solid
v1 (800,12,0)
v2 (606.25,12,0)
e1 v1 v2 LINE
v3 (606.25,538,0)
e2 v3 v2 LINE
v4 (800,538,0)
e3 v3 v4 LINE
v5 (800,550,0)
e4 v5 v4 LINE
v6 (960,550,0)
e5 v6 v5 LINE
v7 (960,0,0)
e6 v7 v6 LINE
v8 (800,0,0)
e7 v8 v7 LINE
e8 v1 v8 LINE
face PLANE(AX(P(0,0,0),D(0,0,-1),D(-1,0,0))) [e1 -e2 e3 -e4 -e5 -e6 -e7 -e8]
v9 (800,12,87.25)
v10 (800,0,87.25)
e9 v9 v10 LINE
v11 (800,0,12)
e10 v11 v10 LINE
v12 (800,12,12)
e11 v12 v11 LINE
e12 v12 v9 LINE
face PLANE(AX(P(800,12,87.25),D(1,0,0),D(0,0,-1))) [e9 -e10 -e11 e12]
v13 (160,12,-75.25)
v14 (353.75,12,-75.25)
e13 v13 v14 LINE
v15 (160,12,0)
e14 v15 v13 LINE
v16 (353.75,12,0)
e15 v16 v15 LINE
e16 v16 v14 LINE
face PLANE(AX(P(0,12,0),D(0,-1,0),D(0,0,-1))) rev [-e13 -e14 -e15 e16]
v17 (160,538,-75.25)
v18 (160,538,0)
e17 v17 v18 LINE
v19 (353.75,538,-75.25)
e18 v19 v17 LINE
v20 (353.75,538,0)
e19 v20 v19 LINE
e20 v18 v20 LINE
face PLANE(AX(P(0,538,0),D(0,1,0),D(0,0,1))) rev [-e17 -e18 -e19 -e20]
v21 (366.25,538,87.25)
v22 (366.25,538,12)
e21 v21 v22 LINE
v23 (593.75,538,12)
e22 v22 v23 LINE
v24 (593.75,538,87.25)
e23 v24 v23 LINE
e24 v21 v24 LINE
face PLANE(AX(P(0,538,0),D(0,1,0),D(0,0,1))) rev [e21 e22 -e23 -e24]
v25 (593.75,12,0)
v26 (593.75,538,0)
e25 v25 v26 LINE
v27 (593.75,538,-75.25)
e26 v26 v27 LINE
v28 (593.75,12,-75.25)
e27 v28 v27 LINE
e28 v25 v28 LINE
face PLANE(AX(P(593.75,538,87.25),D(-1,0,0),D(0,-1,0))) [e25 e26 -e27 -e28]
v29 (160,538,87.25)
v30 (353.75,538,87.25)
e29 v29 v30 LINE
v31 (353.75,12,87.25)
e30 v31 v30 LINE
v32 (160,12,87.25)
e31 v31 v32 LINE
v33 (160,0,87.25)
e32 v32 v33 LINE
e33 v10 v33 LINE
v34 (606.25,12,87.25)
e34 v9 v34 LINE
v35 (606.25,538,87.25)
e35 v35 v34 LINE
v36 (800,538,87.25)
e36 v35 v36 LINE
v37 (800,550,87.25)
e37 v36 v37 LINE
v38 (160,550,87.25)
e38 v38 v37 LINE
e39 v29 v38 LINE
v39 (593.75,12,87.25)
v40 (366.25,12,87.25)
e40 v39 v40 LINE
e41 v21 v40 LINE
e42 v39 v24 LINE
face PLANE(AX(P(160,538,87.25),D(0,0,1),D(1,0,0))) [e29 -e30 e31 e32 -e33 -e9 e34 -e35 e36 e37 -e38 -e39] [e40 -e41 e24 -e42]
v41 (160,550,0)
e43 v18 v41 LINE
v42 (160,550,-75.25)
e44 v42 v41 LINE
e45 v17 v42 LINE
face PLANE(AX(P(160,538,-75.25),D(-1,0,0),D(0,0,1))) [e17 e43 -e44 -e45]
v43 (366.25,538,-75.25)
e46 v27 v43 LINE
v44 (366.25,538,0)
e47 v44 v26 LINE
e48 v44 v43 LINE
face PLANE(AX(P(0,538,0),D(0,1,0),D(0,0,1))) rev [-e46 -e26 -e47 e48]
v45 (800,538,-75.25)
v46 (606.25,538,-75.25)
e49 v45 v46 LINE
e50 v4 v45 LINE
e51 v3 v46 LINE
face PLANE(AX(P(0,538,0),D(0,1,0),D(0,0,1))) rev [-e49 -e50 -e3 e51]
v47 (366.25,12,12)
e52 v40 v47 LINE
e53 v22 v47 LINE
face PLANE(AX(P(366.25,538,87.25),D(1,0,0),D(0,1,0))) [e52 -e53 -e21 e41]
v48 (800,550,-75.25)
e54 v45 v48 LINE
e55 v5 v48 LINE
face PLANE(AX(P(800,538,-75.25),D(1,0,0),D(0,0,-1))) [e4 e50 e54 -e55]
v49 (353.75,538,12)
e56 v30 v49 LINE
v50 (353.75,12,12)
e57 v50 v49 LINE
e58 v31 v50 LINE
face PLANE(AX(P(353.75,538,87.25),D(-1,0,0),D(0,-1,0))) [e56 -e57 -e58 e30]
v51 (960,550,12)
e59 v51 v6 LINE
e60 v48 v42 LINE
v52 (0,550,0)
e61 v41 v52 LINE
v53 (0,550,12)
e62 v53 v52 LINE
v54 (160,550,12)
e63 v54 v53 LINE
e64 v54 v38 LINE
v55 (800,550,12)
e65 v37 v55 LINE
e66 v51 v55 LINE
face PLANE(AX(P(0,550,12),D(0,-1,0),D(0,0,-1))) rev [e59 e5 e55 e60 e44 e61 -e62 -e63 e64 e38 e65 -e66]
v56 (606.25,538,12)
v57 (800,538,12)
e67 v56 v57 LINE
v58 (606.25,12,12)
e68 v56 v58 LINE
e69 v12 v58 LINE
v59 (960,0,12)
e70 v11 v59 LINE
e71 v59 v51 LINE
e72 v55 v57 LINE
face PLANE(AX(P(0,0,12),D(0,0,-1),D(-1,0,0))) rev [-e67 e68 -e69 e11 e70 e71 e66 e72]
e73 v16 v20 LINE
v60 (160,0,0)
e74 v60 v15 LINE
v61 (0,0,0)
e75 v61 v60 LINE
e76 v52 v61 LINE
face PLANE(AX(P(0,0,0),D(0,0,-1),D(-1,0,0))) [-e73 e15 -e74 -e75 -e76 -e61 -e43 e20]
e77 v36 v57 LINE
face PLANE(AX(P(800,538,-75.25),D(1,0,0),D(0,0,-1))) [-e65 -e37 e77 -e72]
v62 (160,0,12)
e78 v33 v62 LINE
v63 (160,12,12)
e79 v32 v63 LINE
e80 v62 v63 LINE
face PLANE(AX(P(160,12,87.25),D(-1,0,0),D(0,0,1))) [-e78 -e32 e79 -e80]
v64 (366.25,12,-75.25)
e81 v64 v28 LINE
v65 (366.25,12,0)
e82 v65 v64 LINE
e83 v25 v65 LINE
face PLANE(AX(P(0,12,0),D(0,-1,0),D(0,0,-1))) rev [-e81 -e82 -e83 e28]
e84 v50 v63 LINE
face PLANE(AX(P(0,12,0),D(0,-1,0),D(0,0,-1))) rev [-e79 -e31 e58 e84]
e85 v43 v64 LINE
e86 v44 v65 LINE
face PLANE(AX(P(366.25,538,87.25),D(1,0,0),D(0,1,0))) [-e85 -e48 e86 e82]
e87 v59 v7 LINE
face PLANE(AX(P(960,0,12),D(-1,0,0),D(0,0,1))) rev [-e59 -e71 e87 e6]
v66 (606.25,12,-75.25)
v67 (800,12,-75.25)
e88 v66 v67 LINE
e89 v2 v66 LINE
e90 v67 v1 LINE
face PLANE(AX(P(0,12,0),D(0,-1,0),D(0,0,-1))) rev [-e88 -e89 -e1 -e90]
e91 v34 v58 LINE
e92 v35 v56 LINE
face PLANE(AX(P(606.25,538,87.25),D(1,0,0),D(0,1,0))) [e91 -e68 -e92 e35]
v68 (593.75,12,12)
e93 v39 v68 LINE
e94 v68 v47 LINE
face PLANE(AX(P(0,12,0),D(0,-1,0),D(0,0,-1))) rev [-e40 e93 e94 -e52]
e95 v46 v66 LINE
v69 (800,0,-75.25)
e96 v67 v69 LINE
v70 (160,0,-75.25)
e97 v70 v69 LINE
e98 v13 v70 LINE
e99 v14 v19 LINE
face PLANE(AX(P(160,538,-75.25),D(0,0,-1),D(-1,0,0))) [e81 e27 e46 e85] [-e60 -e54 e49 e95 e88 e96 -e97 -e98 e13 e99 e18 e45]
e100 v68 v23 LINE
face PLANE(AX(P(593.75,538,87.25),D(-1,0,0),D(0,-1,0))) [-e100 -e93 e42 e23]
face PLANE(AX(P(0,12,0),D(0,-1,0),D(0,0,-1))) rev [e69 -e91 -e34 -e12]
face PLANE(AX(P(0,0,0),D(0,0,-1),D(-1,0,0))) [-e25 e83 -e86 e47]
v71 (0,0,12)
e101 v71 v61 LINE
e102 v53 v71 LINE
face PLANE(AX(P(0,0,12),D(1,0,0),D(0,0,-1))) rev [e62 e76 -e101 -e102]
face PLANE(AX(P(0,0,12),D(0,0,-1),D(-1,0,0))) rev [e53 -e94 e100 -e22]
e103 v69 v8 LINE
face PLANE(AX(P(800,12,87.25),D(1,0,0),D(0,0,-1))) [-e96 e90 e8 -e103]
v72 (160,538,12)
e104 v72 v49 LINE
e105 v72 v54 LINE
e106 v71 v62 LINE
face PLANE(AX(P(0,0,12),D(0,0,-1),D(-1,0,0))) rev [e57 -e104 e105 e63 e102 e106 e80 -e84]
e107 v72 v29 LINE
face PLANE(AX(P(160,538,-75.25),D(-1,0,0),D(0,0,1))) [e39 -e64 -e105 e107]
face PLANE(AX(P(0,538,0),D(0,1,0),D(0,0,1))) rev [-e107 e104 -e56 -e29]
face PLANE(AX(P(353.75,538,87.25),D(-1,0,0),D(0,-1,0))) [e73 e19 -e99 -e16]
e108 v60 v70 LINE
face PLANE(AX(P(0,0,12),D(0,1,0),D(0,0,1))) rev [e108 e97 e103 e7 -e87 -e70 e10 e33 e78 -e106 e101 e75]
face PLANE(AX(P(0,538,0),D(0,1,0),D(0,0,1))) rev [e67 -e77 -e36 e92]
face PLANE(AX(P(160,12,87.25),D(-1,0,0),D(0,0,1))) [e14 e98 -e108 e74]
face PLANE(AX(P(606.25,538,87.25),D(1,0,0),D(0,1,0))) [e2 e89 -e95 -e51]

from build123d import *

# Parameters (mm, degrees)
SKETCH_1_W      = 960
SKETCH_1_H      = 550
EXTRUDE_1_DEPTH = 12
SKETCH_2_W      = 640
SKETCH_2_H      = 162.5
EXTRUDE_2_DEPTH = 12
SKETCH_3_W      = 640
SKETCH_3_H      = 162.5
EXTRUDE_3_DEPTH = 12
SKETCH_4_W      = 12.5
SKETCH_4_H      = 526
EXTRUDE_4_DEPTH = 162.5


with BuildPart() as part:
    # 草图1 → 凸台-拉伸1 (new body)
    with BuildSketch(Plane.XY):
        with Locations((480, 275)):
            Rectangle(SKETCH_1_W, SKETCH_1_H)
    extrude(amount=EXTRUDE_1_DEPTH)

    # 草图2 → 凸台-拉伸2 (add)
    with BuildSketch(Plane(origin=(0, 550, 0), x_dir=(1, 0, 0), z_dir=(0, 1, 0))):
        with Locations((480, -6)):
            Rectangle(SKETCH_2_W, SKETCH_2_H)
    extrude(amount=-EXTRUDE_2_DEPTH)

    # 草图3 → 凸台-拉伸3 (add)
    with BuildSketch(Plane.XZ):
        with Locations((480, 6)):
            Rectangle(SKETCH_3_W, SKETCH_3_H)
    extrude(amount=-EXTRUDE_3_DEPTH)

    # 草图4 → 凸台-拉伸4 (add)
    with BuildSketch(Plane(origin=(0, 0, -75.25), x_dir=(-1, 0, 0), z_dir=(0, 0, -1))):
        with Locations((-600, 275)):
            Rectangle(SKETCH_4_W, SKETCH_4_H)
        with Locations((-360, 275)):
            Rectangle(SKETCH_4_W, SKETCH_4_H)
    extrude(amount=-EXTRUDE_4_DEPTH)


solid = part.part
